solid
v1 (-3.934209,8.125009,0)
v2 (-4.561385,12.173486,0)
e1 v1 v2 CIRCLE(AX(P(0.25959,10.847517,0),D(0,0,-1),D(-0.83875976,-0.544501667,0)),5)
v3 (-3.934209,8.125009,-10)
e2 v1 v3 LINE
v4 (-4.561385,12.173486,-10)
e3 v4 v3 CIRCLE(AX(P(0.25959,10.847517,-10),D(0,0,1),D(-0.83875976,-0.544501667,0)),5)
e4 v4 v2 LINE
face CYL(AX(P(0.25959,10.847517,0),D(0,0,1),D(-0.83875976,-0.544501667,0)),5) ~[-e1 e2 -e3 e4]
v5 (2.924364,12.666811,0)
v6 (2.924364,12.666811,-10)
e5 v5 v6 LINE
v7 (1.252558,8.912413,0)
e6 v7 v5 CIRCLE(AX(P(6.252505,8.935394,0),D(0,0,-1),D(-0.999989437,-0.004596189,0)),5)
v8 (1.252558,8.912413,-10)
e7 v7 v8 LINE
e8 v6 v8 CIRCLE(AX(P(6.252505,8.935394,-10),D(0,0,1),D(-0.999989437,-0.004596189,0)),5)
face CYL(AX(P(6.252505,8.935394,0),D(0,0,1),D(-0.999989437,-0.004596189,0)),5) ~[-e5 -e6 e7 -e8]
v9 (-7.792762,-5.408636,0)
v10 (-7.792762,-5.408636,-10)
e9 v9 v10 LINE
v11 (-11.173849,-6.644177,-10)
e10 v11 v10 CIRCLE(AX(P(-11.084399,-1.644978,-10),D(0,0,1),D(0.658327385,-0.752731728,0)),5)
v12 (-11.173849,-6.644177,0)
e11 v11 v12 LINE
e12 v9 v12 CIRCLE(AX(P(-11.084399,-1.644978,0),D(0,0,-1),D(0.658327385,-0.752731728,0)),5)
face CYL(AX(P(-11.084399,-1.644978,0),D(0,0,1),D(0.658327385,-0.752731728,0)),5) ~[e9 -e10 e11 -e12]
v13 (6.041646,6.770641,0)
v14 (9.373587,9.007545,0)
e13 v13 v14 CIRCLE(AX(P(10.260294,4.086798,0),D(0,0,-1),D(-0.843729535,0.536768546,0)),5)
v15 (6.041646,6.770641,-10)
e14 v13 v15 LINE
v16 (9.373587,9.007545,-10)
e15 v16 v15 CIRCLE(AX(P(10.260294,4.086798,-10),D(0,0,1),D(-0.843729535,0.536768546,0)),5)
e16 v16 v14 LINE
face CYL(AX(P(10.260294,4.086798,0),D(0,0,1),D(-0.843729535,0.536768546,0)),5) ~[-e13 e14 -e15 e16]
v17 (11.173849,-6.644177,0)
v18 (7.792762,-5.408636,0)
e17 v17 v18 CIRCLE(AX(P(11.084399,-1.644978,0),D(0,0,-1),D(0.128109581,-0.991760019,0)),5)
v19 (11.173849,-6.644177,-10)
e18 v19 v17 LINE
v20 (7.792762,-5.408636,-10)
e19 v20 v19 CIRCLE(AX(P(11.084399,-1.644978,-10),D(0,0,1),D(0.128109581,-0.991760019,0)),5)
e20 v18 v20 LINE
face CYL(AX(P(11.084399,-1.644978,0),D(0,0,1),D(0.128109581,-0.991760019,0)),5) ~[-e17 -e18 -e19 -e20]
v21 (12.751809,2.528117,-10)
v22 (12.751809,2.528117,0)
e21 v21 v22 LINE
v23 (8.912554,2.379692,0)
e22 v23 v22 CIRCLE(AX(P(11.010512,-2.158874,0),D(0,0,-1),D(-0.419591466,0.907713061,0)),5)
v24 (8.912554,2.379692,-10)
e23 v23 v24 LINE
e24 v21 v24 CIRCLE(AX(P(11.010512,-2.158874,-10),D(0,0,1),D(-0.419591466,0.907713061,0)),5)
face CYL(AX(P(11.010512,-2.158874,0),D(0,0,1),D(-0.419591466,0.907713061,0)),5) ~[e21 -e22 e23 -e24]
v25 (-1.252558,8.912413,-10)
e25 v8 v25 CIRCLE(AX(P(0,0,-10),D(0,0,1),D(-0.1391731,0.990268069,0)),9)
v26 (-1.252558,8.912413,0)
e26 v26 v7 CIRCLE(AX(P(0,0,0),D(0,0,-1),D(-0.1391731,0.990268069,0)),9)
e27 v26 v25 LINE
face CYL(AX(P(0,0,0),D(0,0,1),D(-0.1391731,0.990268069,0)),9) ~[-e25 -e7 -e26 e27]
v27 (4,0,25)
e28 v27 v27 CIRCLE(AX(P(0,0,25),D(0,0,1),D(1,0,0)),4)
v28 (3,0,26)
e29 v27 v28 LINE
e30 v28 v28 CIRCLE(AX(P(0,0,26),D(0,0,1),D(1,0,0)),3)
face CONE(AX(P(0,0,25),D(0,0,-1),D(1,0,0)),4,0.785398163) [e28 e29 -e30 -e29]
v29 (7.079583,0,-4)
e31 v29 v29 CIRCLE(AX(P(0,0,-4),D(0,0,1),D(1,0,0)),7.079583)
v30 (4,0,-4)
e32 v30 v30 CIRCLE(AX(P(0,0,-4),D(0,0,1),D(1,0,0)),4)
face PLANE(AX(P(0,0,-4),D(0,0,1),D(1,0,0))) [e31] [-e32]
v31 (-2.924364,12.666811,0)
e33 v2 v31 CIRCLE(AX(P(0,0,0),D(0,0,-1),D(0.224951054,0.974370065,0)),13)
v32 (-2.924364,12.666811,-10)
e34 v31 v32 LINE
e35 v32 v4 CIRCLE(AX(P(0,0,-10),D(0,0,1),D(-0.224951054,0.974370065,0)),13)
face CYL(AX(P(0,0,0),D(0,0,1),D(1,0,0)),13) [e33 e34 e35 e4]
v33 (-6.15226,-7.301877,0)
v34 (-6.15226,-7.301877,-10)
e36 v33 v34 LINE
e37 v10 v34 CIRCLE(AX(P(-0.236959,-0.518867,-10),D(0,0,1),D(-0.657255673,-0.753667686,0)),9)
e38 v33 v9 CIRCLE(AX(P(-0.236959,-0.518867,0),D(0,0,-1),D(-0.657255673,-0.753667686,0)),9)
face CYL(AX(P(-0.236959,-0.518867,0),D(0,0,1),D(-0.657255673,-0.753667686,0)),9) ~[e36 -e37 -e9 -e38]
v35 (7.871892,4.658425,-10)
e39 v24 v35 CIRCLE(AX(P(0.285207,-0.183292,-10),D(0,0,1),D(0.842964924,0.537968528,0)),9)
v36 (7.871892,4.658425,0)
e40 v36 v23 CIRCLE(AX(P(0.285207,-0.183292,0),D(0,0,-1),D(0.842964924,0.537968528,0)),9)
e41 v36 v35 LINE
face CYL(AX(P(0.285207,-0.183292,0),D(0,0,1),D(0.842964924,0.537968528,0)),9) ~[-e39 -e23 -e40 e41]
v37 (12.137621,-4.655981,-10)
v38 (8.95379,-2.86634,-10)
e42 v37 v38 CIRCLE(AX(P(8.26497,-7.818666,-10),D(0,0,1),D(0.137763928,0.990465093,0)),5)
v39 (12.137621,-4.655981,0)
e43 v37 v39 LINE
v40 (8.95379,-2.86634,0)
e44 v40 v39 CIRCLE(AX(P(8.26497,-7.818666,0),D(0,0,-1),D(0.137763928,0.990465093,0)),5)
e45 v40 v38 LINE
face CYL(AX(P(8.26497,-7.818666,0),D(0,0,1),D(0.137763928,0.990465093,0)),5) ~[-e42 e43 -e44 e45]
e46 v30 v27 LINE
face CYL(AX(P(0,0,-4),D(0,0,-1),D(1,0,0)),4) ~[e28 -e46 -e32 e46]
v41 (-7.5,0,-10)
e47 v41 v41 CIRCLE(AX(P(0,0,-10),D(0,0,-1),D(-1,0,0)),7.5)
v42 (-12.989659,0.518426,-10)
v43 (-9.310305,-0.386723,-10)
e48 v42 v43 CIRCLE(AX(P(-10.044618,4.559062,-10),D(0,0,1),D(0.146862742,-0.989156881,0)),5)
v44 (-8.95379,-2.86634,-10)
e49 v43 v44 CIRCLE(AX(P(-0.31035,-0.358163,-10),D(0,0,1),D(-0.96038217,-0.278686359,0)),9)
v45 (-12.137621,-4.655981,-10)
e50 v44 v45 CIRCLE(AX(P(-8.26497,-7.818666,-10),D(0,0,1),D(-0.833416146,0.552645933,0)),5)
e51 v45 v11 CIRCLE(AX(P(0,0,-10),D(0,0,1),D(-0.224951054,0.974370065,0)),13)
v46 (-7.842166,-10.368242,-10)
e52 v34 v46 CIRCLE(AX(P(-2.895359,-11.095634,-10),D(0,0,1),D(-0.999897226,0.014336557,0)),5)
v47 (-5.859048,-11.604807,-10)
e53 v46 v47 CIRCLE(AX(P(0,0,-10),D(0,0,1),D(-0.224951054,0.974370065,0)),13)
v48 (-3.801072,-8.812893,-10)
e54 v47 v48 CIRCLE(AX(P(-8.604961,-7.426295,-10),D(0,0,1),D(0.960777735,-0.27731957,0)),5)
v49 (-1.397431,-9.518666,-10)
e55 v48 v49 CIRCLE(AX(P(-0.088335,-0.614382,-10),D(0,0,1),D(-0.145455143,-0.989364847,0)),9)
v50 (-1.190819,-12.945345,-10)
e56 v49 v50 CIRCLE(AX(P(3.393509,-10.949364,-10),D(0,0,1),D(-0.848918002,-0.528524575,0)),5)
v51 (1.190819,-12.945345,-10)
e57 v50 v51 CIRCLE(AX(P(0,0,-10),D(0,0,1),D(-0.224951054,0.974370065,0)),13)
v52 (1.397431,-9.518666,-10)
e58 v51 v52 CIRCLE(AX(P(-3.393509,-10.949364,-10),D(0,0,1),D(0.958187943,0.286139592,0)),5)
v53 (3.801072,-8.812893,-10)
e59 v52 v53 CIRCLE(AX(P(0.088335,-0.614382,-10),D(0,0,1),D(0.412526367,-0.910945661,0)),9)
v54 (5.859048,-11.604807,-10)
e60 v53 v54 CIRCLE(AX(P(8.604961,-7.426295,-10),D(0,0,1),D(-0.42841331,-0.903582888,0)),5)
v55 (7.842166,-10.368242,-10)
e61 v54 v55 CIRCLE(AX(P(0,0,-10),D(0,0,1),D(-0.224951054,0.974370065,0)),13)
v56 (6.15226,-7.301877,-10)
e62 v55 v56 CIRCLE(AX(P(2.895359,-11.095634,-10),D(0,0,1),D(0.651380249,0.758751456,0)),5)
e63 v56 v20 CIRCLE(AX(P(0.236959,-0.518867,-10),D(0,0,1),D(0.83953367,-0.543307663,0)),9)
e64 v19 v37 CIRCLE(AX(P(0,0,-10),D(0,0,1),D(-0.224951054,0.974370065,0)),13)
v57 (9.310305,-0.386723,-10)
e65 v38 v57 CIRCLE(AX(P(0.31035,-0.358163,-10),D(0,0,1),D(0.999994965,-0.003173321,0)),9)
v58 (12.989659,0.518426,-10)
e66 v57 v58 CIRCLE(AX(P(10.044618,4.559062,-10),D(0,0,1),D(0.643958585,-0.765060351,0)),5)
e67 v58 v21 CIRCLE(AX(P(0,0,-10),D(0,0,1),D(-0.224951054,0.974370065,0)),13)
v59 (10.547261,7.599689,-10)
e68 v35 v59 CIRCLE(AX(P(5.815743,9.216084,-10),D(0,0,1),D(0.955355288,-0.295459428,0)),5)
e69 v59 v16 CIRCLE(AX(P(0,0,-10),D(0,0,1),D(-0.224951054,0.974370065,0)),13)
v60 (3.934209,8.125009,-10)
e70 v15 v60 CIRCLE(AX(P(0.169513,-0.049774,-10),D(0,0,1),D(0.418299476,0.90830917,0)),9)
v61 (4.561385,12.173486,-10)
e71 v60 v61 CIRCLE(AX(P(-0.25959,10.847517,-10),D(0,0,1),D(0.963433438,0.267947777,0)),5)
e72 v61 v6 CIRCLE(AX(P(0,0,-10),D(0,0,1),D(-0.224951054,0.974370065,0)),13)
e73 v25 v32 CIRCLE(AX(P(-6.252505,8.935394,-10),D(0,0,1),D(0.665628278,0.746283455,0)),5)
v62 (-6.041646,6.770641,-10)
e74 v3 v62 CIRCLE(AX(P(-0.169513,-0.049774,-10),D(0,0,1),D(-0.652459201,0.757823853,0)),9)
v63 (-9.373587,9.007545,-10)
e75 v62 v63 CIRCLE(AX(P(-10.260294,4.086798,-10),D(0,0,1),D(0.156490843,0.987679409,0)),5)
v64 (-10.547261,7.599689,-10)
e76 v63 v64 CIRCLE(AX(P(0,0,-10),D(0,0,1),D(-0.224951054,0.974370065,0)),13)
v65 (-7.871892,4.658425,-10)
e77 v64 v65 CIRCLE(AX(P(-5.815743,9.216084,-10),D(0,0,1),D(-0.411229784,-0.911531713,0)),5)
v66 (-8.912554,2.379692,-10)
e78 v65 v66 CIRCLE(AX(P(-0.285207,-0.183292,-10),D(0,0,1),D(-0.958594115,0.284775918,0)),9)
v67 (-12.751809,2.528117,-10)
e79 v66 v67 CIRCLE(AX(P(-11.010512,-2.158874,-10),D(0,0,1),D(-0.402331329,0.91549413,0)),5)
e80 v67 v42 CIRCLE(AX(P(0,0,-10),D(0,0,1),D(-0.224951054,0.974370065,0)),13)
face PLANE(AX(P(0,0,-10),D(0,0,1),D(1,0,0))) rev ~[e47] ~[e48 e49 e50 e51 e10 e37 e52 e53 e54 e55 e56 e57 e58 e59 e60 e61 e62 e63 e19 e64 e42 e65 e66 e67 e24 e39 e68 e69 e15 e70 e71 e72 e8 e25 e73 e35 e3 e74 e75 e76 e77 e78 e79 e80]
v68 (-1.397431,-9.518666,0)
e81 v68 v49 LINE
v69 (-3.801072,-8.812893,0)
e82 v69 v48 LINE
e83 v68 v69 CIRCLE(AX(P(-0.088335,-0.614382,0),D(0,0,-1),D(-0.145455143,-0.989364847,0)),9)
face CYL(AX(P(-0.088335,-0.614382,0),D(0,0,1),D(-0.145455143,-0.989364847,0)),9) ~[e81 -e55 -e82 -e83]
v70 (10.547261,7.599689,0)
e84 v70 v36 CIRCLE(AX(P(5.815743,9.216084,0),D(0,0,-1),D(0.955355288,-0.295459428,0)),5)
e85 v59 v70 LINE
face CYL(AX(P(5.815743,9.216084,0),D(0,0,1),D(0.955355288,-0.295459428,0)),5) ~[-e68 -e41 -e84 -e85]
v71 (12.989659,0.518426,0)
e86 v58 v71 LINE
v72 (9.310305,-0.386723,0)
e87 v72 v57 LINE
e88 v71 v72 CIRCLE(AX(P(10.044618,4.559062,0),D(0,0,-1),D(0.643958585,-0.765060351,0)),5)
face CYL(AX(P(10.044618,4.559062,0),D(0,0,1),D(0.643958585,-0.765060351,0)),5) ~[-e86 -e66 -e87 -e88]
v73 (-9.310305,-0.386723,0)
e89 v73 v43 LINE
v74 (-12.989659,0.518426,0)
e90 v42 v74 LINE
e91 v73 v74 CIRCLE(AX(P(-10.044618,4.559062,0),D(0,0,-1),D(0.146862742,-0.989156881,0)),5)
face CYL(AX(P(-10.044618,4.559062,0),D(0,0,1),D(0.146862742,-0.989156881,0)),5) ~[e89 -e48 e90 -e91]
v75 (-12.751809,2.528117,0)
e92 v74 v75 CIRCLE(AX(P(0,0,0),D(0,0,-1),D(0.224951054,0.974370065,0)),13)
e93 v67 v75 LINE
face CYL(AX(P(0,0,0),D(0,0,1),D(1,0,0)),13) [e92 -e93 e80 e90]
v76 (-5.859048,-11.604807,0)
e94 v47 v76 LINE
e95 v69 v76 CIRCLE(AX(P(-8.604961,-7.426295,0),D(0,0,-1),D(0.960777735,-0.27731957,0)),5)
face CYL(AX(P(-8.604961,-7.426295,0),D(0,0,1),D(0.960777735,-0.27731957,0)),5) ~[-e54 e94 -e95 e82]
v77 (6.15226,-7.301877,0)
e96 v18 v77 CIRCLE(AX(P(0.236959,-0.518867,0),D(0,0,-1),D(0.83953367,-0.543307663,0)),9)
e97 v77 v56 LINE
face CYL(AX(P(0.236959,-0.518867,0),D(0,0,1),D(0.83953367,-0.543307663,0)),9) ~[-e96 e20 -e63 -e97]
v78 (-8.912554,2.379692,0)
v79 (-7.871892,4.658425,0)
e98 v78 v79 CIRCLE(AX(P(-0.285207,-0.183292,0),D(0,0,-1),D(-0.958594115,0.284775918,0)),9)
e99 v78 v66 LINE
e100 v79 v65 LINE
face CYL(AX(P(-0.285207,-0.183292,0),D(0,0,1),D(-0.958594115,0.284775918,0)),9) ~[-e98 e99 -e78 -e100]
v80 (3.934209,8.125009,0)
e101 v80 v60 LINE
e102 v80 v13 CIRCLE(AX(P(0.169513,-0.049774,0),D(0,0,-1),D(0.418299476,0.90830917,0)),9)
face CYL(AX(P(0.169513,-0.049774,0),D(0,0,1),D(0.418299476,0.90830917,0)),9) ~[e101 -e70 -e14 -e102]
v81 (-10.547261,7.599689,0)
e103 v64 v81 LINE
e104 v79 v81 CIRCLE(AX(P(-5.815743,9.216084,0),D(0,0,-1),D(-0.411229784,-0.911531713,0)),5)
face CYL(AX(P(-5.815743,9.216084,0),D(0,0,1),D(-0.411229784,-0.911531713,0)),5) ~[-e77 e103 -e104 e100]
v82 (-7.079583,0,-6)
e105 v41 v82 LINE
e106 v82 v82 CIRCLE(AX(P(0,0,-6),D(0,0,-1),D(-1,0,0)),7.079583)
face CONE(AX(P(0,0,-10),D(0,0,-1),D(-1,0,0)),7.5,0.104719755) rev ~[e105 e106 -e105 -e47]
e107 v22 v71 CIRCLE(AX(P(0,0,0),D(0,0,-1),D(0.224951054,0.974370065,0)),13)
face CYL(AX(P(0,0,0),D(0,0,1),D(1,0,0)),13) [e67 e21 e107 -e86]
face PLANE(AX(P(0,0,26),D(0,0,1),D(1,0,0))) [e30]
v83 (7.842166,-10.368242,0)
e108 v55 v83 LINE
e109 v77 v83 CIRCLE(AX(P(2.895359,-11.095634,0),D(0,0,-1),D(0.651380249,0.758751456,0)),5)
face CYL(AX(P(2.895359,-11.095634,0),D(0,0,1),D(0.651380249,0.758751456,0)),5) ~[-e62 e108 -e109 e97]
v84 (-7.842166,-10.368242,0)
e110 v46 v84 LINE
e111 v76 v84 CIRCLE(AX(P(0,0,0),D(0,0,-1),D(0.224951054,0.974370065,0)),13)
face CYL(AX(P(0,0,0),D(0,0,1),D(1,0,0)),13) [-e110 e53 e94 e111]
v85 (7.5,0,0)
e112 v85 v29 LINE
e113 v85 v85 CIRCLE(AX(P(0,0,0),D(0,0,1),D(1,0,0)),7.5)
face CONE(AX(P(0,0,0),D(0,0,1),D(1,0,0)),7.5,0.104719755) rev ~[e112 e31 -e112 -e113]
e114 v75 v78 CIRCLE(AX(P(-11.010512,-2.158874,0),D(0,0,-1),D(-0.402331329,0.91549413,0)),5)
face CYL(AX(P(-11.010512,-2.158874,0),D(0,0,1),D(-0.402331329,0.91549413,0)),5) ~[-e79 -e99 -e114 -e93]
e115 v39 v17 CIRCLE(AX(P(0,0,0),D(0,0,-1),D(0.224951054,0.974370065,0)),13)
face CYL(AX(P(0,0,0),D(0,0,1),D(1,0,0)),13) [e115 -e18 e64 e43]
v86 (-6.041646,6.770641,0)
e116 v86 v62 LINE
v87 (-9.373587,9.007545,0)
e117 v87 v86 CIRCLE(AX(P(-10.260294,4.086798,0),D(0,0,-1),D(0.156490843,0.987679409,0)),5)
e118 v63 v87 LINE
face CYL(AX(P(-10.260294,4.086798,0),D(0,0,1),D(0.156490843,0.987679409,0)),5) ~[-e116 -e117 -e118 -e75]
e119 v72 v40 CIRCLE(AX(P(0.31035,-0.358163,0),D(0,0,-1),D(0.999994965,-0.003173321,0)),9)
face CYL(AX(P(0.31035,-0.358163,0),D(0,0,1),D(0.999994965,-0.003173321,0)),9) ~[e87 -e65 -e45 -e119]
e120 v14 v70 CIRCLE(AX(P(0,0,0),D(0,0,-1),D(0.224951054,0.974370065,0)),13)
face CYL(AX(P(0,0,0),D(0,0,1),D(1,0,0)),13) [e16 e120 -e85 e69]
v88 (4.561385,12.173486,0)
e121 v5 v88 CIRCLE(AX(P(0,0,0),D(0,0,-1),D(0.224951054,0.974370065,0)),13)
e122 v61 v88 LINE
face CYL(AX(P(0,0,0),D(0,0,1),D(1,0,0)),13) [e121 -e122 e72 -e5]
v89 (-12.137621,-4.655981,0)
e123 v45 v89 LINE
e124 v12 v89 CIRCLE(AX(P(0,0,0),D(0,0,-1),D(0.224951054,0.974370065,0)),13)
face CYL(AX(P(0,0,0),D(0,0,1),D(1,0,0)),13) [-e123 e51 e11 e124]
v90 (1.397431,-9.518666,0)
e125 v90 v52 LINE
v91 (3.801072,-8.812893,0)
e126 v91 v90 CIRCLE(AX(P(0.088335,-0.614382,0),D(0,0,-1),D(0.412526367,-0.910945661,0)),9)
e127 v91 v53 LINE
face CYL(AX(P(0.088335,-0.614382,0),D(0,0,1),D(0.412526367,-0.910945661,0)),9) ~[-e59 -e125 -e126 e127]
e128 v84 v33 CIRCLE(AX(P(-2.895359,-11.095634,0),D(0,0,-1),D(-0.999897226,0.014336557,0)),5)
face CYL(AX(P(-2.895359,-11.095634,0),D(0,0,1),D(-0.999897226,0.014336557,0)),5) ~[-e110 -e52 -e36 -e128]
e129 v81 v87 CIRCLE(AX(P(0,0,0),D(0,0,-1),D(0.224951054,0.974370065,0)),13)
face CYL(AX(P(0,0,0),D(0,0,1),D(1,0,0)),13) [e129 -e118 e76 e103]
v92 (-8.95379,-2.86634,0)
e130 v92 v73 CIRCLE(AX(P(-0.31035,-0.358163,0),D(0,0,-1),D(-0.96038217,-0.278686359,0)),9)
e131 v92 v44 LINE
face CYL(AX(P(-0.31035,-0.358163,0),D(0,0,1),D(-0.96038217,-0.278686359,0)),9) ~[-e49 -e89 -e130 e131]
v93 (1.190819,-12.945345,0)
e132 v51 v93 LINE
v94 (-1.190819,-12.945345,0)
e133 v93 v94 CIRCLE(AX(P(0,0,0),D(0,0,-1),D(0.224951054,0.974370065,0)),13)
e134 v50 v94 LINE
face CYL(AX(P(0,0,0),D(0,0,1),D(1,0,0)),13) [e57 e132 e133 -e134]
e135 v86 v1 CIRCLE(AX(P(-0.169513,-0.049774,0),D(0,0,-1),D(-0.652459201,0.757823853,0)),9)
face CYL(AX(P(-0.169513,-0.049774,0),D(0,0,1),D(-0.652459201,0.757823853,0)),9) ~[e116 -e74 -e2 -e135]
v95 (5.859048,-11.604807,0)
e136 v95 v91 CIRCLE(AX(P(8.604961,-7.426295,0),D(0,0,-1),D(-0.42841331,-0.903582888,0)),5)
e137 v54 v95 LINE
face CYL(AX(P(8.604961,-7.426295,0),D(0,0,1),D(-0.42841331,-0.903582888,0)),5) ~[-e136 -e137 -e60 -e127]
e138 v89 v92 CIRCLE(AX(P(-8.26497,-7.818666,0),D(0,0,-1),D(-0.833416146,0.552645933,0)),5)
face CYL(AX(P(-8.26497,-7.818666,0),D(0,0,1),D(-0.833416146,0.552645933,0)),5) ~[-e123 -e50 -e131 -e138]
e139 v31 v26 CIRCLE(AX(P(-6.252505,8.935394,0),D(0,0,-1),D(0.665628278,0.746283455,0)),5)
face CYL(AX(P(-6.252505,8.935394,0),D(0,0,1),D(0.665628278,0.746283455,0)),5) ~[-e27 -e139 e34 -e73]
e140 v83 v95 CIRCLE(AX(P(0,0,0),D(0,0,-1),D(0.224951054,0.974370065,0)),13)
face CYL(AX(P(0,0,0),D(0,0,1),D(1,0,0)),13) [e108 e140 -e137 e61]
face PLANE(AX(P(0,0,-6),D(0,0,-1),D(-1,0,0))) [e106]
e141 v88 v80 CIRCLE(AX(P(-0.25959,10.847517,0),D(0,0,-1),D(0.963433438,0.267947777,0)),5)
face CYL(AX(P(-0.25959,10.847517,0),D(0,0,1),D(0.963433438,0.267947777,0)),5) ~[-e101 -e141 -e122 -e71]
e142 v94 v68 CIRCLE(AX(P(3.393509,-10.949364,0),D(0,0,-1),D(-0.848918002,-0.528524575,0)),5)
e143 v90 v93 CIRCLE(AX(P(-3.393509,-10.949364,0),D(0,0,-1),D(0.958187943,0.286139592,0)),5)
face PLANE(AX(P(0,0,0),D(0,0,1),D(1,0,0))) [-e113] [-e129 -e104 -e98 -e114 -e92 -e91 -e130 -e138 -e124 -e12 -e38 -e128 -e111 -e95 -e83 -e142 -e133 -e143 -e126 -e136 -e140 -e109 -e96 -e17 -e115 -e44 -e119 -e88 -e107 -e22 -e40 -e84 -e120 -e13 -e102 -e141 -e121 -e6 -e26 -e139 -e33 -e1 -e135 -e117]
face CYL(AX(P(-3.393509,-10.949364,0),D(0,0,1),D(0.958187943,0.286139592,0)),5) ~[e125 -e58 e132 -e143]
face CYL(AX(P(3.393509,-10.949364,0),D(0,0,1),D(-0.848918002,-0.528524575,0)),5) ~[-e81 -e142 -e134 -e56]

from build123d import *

# Parameters (mm, degrees)
SKETCH_3_R               = 13
EXTRUDE_1_DEPTH          = 10
CUT_EXTRUDE_1_DEPTH      = 21.928449536
PATTERN_CIRCULAR_1_COUNT = 11
SKETCH_5_R               = 7.5
CUT_EXTRUDE_2_DEPTH      = 4
CUT_EXTRUDE_2_DRAFT      = -6
SKETCH_6_R               = 7.5
CUT_EXTRUDE_3_DEPTH      = 4
CUT_EXTRUDE_3_DRAFT      = -6
SKETCH_8_R               = 4
EXTRUDE_3_DEPTH          = 30
CHAMFER_2_SIZE           = 1


with BuildPart() as part:
    # Эскиз3 → Бобышка-Вытянуть1 (new body)
    with BuildSketch(Plane.XY):
        Circle(SKETCH_3_R)
    extrude(amount=-EXTRUDE_1_DEPTH)

    # Эскиз4 → Вырез-Вытянуть1 (cut, through all)
    with BuildSketch(Plane.XY):
        with BuildLine():
            ThreePointArc((2.924363706, 12.666810842), (0, 13), (-2.924363706, 12.666810842))
            ThreePointArc((-2.924363706, 12.666810842), (-1.684886314, 10.969320472), (-1.252557909, 8.912412619))
            ThreePointArc((-1.252557909, 8.912412619), (0, 9), (1.252557909, 8.912412619))
            ThreePointArc((1.252557909, 8.912412619), (1.684886314, 10.969320472), (2.924363706, 12.666810842))
        make_face()
    cut_extrude_1 = extrude(amount=-CUT_EXTRUDE_1_DEPTH, mode=Mode.SUBTRACT)

    # Круговой массив1: Вырез-Вытянуть1 ×11 about axis
    pattern_circular_1_axis = Axis((0, -0.313541407, 0), (0, 0, 1))
    for i in range(1, PATTERN_CIRCULAR_1_COUNT):
        add(cut_extrude_1.rotate(pattern_circular_1_axis, i * 360 / PATTERN_CIRCULAR_1_COUNT), mode=Mode.SUBTRACT)


with BuildPart() as cut_extrude_2_tool:
    # Эскиз5 → Вырез-Вытянуть2 (with draft: the straight prism first)
    with BuildSketch(Plane.XY):
        Circle(SKETCH_5_R)
    extrude(amount=-CUT_EXTRUDE_2_DEPTH)
    # Вырез-Вытянуть2: the draft: its side faces are tilted about the plane it starts from
    cut_extrude_2_sides = [cut_extrude_2_tool.faces().sort_by_distance(p)[0] for p in [
        (-7.5, 0, -2),
    ]]
    draft(cut_extrude_2_sides, Plane.XY, CUT_EXTRUDE_2_DRAFT)


with BuildPart() as part_1:
    add(part.part)

    # Вырез-Вытянуть2: cut by cut_extrude_2_tool
    add(cut_extrude_2_tool.part, mode=Mode.SUBTRACT)


with BuildPart() as cut_extrude_3_tool:
    # Эскиз6 → Вырез-Вытянуть3 (with draft: the straight prism first)
    with BuildSketch(Plane(origin=(0, 0, -10), x_dir=(-1, 0, 0), z_dir=(0, 0, -1))):
        Circle(SKETCH_6_R)
    extrude(amount=-CUT_EXTRUDE_3_DEPTH)
    # Вырез-Вытянуть3: the draft: its side faces are tilted about the plane it starts from
    cut_extrude_3_sides = [cut_extrude_3_tool.faces().sort_by_distance(p)[0] for p in [
        (7.5, 0, -8),
    ]]
    draft(cut_extrude_3_sides, Plane(origin=(0, 0, -10), x_dir=(-1, 0, 0), z_dir=(0, 0, -1)), CUT_EXTRUDE_3_DRAFT)


with BuildPart() as part_2:
    add(part_1.part)

    # Вырез-Вытянуть3: cut by cut_extrude_3_tool
    add(cut_extrude_3_tool.part, mode=Mode.SUBTRACT)

    # Эскиз8 → Бобышка-Вытянуть3 (add)
    with BuildSketch(Plane.XY.offset(-4)):
        Circle(SKETCH_8_R)
    extrude(amount=EXTRUDE_3_DEPTH)

    # Фаска2
    chamfer_2_edges = [part_2.edges().sort_by_distance(p)[0] for p in [
        (-4, 0, 26),
    ]]
    chamfer(chamfer_2_edges, length=CHAMFER_2_SIZE)


solid = part_2.part
